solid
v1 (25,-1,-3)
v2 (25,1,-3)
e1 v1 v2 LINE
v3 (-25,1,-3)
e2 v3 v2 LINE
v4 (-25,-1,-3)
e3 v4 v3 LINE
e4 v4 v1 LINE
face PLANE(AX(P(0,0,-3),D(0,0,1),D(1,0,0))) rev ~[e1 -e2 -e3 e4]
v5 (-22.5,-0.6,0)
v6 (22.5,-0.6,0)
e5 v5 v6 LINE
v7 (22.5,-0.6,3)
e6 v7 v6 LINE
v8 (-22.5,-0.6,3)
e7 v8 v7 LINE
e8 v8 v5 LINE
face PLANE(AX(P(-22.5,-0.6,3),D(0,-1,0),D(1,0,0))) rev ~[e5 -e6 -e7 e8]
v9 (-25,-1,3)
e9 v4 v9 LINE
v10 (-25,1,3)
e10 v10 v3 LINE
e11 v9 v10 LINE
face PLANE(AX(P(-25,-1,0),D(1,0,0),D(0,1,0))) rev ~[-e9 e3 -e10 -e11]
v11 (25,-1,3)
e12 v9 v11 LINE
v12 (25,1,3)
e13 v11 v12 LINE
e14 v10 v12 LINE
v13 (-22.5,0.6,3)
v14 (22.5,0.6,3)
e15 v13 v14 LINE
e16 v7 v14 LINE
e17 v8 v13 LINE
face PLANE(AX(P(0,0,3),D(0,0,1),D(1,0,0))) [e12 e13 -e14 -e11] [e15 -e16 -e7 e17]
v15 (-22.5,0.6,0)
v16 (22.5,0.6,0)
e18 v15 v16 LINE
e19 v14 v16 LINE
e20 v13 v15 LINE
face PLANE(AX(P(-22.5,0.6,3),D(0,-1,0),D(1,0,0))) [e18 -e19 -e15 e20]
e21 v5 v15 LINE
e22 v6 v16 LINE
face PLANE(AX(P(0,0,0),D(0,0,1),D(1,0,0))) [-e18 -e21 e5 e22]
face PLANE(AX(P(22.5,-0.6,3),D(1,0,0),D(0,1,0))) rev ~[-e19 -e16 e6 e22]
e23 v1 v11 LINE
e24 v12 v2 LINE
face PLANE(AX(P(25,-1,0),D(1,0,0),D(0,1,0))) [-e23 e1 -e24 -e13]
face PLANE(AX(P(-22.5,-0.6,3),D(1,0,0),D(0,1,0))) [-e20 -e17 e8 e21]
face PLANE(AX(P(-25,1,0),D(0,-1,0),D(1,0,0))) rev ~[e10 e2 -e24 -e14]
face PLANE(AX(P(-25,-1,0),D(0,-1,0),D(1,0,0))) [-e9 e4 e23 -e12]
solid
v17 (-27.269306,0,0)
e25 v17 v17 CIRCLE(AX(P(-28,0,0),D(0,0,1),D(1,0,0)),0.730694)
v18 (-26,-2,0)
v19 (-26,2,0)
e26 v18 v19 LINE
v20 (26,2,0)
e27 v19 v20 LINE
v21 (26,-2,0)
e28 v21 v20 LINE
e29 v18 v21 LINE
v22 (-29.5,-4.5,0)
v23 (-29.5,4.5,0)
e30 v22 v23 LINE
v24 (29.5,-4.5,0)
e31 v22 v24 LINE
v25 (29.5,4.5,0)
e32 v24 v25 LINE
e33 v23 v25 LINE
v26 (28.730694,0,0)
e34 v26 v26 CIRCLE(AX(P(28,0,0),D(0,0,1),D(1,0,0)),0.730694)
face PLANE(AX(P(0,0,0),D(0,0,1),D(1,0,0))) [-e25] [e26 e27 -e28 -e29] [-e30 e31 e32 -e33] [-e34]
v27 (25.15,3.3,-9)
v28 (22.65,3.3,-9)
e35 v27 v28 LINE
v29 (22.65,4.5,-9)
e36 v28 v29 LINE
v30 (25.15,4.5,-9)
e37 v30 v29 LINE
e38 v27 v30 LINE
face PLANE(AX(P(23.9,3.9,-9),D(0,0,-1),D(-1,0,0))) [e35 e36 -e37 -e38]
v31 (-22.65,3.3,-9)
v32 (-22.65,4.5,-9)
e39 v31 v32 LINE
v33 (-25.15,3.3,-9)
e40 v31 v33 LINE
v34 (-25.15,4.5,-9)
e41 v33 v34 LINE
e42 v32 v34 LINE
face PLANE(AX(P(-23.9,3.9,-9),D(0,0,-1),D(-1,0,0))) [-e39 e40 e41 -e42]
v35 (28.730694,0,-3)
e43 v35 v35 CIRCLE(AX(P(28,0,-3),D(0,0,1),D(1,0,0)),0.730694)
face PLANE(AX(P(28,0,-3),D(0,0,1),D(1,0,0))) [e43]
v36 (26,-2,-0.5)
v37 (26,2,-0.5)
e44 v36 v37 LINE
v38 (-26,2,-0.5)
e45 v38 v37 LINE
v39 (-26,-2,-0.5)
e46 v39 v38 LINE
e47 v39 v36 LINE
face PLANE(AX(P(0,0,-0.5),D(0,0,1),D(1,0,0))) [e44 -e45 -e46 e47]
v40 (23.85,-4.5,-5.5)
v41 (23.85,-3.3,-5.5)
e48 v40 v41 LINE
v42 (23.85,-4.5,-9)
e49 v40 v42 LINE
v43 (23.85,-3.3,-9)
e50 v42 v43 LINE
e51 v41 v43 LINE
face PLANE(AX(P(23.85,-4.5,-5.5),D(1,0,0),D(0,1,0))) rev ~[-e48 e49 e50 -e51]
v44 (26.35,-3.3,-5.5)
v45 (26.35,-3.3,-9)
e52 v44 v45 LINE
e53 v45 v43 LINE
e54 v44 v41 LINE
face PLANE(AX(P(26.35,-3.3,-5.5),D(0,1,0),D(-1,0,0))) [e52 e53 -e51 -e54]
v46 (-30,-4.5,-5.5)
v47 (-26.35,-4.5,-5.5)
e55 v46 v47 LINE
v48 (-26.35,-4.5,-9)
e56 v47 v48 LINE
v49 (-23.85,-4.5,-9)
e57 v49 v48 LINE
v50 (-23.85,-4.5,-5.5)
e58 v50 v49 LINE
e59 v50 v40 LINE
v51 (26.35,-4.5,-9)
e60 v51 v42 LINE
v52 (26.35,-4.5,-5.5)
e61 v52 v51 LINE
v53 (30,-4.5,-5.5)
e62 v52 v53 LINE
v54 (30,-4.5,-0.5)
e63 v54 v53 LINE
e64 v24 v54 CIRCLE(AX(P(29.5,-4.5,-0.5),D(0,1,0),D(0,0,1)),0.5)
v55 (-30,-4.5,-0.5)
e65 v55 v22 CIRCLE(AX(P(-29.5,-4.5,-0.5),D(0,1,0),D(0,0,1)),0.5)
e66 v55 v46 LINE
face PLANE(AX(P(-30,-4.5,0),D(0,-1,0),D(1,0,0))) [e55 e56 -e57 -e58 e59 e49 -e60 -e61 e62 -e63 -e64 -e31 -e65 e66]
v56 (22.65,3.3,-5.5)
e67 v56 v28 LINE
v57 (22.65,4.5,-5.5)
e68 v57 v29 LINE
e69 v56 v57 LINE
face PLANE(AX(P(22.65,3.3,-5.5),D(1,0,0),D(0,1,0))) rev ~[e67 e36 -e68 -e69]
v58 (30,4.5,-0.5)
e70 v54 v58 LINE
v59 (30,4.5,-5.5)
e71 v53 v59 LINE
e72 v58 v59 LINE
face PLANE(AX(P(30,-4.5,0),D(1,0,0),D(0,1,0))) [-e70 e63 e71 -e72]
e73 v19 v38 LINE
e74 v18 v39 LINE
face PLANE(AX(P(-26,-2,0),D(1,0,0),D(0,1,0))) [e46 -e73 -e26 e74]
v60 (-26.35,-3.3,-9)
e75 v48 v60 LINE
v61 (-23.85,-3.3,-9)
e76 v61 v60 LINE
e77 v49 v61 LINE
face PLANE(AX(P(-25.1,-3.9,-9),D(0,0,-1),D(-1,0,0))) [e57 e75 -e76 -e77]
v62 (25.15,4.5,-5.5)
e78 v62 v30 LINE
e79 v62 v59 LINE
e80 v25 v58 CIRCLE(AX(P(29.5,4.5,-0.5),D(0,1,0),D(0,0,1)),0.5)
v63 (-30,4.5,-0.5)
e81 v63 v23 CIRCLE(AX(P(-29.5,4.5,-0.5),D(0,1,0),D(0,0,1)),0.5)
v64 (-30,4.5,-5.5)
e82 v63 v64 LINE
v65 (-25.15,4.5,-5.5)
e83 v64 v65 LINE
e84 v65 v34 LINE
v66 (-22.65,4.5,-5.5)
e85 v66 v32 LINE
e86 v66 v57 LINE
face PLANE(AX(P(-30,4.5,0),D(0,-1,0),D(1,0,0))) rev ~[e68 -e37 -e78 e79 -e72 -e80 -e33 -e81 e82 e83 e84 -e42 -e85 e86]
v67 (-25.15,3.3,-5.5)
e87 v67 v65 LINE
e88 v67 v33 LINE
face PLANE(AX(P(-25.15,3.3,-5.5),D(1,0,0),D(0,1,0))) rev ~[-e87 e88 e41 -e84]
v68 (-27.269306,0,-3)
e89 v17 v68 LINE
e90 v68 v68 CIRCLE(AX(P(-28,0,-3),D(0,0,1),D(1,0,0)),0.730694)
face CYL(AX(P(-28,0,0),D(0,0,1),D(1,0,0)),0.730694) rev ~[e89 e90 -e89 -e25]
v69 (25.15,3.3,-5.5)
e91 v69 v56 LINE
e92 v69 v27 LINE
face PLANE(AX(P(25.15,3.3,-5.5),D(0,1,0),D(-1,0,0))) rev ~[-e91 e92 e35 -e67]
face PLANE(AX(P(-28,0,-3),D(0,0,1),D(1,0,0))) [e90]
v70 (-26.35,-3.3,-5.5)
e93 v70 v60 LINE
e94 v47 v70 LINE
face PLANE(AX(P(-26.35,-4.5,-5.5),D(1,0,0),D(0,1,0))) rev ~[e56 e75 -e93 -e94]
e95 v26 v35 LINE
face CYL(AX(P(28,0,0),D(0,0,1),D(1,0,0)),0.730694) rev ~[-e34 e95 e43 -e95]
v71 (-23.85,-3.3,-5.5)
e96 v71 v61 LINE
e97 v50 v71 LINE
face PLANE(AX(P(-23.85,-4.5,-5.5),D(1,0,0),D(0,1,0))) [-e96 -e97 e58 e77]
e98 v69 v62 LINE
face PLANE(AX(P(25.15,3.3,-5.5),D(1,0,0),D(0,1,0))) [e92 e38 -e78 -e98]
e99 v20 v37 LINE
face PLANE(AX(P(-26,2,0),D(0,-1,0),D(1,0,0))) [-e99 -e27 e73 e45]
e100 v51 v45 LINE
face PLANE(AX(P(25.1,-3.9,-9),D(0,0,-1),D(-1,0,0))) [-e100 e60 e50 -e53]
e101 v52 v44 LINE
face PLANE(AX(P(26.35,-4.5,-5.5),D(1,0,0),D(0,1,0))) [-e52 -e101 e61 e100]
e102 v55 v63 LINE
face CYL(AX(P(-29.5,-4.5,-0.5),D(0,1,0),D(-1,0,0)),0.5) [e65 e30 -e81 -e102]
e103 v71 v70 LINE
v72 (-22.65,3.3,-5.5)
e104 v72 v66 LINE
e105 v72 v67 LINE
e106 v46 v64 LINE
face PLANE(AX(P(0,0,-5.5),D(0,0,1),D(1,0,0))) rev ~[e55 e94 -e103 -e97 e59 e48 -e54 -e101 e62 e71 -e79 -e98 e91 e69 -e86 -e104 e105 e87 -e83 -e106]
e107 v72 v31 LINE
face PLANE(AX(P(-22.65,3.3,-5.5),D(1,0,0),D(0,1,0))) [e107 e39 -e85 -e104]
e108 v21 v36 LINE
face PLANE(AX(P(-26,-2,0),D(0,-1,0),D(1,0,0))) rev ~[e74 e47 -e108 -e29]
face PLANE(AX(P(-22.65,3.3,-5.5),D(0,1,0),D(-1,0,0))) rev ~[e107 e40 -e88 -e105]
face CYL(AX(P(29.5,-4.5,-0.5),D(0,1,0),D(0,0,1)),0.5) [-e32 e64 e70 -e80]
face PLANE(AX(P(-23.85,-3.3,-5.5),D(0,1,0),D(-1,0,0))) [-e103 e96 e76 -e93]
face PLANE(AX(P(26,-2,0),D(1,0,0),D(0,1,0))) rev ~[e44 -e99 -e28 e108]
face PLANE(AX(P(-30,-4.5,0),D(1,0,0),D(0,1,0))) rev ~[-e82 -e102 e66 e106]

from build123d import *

# Parameters (mm, degrees)
SKIZZE1_W                       = 60
SKIZZE1_H                       = 9
BODY_DEPTH                      = 5.5
SKIZZE4_R                       = 0.730693515
SCREW_HOLES_DEPTH               = 3
SKIZZE5_W                       = 52
SKIZZE5_H                       = 4
SCHNITT_LINEAR_AUSTRAGEN3_DEPTH = 0.5
VERRUNDUNG1_R                   = 0.5
PATHWAY_OF_GLIDER_W             = 50
PATHWAY_OF_GLIDER_H             = 2
PATHWAY_DEPTH                   = 3
SKIZZE7_W                       = 45
SKIZZE7_H                       = 1.2
F_45MM_DEPTH                    = 3
FLAP_W                          = 2.5
FLAP_H                          = 1.2
FLAPS_DEPTH                     = 3.5


with BuildPart() as part:
    # Skizze1 → body (new body)
    with BuildSketch(Plane.XY):
        Rectangle(SKIZZE1_W, SKIZZE1_H)
    extrude(amount=-BODY_DEPTH)

    # Skizze4 → screw holes (cut)
    with BuildSketch(Plane.XY):
        with Locations((-28, 0)):
            Circle(SKIZZE4_R)
        with Locations((28, 0)):
            Circle(SKIZZE4_R)
    extrude(amount=-SCREW_HOLES_DEPTH, mode=Mode.SUBTRACT)

    # Skizze5 → Schnitt-Linear austragen3 (cut)
    with BuildSketch(Plane.XY):
        Rectangle(SKIZZE5_W, SKIZZE5_H)
    extrude(amount=-SCHNITT_LINEAR_AUSTRAGEN3_DEPTH, mode=Mode.SUBTRACT)

    # Verrundung1
    verrundung1_edges = [part.edges().sort_by_distance(p)[0] for p in [
        (-30, 0, 0),
        (30, 0, 0),
    ]]
    fillet(verrundung1_edges, radius=VERRUNDUNG1_R)

    # flap → flaps (add)
    with BuildSketch(Plane(origin=(0, 0, -5.5), x_dir=(-1, 0, 0), z_dir=(0, 0, -1))):
        with Locations((-25.1, -3.9)):
            Rectangle(FLAP_W, FLAP_H)
        with Locations((25.1, -3.9)):
            Rectangle(FLAP_W, FLAP_H)
        with Locations((23.9, 3.9)):
            Rectangle(FLAP_W, FLAP_H)
        with Locations((-23.9, 3.9)):
            Rectangle(FLAP_W, FLAP_H)
    extrude(amount=FLAPS_DEPTH)


with BuildPart() as body_2:
    # pathway of glider → pathway (new body, symmetric)
    with BuildSketch(Plane.XY):
        Rectangle(PATHWAY_OF_GLIDER_W, PATHWAY_OF_GLIDER_H)
    extrude(amount=PATHWAY_DEPTH, both=True)

    # Skizze7 → 45mm (cut)
    with BuildSketch(Plane.XY.offset(3)):
        Rectangle(SKIZZE7_W, SKIZZE7_H)
    extrude(amount=-F_45MM_DEPTH, mode=Mode.SUBTRACT)


solid = Compound([part.part, body_2.part])
